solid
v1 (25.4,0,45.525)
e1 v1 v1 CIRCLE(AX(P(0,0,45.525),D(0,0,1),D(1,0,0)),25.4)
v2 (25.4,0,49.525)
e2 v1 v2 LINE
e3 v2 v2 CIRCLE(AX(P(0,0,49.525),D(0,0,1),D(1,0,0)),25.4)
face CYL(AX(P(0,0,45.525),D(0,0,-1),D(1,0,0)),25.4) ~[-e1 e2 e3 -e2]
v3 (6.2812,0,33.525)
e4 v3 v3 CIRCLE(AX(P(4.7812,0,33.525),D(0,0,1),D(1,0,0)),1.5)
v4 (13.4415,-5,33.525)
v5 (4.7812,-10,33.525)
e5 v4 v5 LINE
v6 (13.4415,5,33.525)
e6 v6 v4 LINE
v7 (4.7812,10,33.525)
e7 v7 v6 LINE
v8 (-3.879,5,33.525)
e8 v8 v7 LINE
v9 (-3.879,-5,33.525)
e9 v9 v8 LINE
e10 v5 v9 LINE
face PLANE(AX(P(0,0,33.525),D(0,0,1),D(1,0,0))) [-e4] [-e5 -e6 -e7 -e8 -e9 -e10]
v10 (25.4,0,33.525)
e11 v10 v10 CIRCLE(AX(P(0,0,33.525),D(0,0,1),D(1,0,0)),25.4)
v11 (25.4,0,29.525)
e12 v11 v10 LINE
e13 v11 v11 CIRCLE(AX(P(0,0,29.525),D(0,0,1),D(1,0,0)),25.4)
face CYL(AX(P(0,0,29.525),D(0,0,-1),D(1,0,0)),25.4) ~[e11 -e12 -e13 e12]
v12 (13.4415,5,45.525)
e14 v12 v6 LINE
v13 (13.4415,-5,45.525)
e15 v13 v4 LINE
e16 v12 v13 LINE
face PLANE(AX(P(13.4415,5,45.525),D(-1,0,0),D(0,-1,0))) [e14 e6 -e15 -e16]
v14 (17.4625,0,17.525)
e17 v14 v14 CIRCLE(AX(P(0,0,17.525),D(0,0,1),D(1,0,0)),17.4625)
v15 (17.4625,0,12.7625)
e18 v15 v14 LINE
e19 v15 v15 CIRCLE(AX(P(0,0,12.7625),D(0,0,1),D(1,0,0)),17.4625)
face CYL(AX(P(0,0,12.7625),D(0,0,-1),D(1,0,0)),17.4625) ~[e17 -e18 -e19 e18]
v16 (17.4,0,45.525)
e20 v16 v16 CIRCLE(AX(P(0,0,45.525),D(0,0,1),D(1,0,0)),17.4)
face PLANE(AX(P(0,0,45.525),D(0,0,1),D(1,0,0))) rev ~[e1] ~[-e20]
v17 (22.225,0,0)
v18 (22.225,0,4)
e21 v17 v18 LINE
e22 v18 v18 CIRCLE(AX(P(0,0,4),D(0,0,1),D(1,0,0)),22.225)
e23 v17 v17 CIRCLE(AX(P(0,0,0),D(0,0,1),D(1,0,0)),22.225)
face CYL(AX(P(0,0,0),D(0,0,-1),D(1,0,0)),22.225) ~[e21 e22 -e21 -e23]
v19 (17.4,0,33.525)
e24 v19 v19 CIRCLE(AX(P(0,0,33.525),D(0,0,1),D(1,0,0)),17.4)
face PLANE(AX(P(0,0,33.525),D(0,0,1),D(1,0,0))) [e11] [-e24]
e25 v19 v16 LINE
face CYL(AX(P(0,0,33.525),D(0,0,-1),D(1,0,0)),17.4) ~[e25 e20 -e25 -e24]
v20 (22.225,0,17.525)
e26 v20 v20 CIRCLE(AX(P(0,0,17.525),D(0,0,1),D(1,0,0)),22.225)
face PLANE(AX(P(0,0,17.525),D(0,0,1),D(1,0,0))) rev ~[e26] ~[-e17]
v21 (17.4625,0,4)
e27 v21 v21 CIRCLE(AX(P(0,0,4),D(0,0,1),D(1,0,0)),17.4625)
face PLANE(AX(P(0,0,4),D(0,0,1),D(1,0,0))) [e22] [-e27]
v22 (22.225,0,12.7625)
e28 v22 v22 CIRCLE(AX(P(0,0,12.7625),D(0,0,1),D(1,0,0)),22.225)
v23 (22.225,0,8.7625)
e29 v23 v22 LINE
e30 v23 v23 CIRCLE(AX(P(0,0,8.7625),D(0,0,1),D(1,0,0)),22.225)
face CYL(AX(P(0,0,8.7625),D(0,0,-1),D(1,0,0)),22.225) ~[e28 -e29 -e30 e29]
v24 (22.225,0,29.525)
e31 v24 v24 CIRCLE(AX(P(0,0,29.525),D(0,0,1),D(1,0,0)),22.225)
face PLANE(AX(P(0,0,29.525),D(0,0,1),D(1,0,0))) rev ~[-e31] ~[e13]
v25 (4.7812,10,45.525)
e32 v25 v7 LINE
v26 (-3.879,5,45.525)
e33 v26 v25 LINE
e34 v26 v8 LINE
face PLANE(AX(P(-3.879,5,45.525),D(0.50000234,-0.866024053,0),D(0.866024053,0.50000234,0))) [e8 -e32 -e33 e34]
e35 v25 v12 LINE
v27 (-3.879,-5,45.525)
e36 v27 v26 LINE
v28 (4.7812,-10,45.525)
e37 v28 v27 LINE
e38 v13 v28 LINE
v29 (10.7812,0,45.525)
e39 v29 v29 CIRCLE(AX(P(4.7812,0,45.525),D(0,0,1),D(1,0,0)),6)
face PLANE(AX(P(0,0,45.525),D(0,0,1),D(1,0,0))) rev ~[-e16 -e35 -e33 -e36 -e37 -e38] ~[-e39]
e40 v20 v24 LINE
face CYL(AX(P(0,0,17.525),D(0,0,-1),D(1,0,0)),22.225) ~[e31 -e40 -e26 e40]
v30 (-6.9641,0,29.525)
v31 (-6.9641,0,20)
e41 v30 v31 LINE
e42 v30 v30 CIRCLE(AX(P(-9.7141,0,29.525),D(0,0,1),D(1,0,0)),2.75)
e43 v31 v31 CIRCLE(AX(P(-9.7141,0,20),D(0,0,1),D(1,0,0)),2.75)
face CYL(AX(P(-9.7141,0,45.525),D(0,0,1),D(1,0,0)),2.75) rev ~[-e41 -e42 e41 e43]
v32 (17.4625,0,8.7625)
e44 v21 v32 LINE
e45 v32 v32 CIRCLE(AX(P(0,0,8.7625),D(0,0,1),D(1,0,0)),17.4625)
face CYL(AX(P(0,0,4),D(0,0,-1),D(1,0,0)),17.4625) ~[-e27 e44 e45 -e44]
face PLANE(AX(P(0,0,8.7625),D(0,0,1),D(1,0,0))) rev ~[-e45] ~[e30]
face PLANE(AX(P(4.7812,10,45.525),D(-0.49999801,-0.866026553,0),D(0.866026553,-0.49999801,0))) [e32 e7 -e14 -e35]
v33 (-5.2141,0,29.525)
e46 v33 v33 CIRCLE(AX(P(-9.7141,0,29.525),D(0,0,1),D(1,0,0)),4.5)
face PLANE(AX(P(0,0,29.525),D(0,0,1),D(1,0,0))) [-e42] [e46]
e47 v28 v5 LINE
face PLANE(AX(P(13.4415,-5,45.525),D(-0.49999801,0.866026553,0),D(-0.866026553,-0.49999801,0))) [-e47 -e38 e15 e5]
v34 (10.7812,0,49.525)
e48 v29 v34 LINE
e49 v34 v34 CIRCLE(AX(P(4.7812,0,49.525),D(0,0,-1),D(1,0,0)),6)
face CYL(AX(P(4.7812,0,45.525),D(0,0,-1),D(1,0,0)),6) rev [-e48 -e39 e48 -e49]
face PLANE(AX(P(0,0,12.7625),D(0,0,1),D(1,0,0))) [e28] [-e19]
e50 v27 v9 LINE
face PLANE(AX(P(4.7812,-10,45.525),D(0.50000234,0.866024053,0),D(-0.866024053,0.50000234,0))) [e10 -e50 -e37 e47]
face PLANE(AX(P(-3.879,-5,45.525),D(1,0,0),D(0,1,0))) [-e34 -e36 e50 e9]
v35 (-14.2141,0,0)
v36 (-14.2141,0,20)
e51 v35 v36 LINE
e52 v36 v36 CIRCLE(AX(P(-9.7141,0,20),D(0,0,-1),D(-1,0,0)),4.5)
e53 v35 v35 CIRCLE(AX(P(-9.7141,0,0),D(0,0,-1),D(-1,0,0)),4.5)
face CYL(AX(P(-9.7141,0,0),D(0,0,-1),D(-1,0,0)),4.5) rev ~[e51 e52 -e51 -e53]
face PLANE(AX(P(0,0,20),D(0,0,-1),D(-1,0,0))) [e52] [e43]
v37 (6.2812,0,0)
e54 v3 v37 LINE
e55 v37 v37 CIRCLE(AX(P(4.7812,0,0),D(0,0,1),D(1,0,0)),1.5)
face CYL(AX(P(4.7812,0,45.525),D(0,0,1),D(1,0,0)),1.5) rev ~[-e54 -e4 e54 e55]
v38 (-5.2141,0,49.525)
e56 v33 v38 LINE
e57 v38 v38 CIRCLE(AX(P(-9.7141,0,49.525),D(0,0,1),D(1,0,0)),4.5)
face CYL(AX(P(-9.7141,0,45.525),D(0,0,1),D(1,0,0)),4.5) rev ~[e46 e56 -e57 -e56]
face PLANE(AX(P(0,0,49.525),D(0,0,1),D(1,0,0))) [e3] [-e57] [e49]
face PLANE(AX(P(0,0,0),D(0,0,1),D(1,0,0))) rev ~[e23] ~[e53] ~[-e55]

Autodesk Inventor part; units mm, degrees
ref_plane "YZ Plane" through (0, 0, 0) normal (1, 0, 0) x (0, 1, 0)
ref_plane "XZ Plane" through (0, 0, 0) normal (0, 1, 0) x (-1, 0, 0)
ref_plane "XY Plane" through (0, 0, 0) normal (0, 0, 1) x (1, 0, 0)
sketch "Sketch2" plane through (0, 0, 0) normal (0, 0, 1) x (1, 0, 0)
  circle A0 centre (0, 0) radius 22.225
  dimension "d4" = 44.45
extrude "Extrusion2" add sketch "Sketch2" along normal blind 4
sketch "Sketch3" plane through (0, 0, 4) normal (0, 0, 1) x (1, 0, 0)
  circle A0 centre (0, 0) radius 22.225 projected
  circle A1 centre (0, 0) radius 17.4625
  dimension "d7" = 34.925
extrude "Extrusion3" add sketch "Sketch3" along normal blind 4.7625 contours A1
sketch "Sketch4" plane through (0, 0, 8.7625) normal (0, 0, 1) x (1, 0, 0)
  circle A0 centre (0, 0) radius 17.4625 projected
  circle A1 centre (0, 0) radius 22.225
  dimension "d10" = 44.45
extrude "Extrusion4" add sketch "Sketch4" along normal blind 4 contours A0 | A1
sketch "Sketch5" plane through (0, 0, 12.7625) normal (0, 0, 1) x (1, 0, 0)
  circle A0 centre (0, 0) radius 22.225 projected
  circle A1 centre (0, 0) radius 17.4625
  dimension "d13" = 34.925
extrude "Extrusion5" add sketch "Sketch5" along normal blind 4.7625 contours A1
sketch "Sketch6" plane through (0, 0, 17.525) normal (0, 0, 1) x (1, 0, 0)
  circle A0 centre (0, 0) radius 17.4625 projected
  circle A1 centre (0, 0) radius 22.225
  dimension "d16" = 44.45
extrude "Extrusion6" add sketch "Sketch6" along normal blind 12 contours A0 | A1
sketch "Sketch7" plane through (0, 0, 29.525) normal (0, 0, 1) x (1, 0, 0)
  circle A0 centre (0, 0) radius 22.225 projected
  circle A1 centre (0, 0) radius 25.4
  dimension "d19" = 50.8
extrude "Extrusion7" add sketch "Sketch7" along normal blind 4 contours A0 | A1
sketch "Sketch8" plane through (0, 0, 33.525) normal (0, 0, 1) x (1, 0, 0)
  circle A0 centre (0, 0) radius 25.4 projected
  circle A1 centre (0, 0) radius 17.4
  dimension "d22" = 34.8
extrude "Extrusion8" add sketch "Sketch8" along normal blind 12 contours A1
sketch "Sketch Main" plane through (0, 0, 45.525) normal (0, 0, 1) x (1, 0, 0)
  circle A0 centre (0, 0) radius 17.4 projected
  circle A1 centre (0, 0) radius 25.4
  line L0 (-17.4, 0) -> (17.4, 0) construction
  circle A2 centre (-9.7141, 0) radius 2.75
  circle A3 centre (-9.7141, 0) radius 4.5
  circle A4 centre (4.7812, 0) radius 6
  circle A5 centre (4.7812, 0) radius 9 construction
  circle A6 centre (4.7812, 0) radius 10 construction
  line L1 (13.4415, 5) -> (13.4415, -5)
  line L2 (13.4415, -5) -> (4.7812, -10)
  line L3 (4.7812, -10) -> (-3.879, -5)
  line L4 (-3.879, -5) -> (-3.879, 5)
  line L5 (-3.879, 5) -> (4.7812, 10)
  line L6 (4.7812, 10) -> (13.4415, 5)
  circle A7 centre (4.7812, 0) radius 1.5
  dimension "d51" = 20
  dimension "d25" = 50.8
  dimension "d39" = 5.5
  dimension "d40" = 9
  dimension "d41" = 12
  dimension "d42" = 18
  dimension "d56" = 3
extrude "Extrusion9" add sketch "Sketch Main" along normal blind 4 contours A0 | A1 | A2 | A3 | A4 | L1 L2 L3 L4 L5 L6 | A7
extrude "Extrusion13" cut sketch "Sketch Main" along normal blind 4 and the other way blind 16 contours A2 | A3
extrude "Extrusion14" cut sketch "Sketch Main" against normal through all contours A2
extrude "Extrusion15" cut sketch "Sketch Main" against normal blind 12 contours A4 | L1 L2 L3 L4 L5 L6 | A7
extrude "Extrusion16" cut sketch "Sketch Main" along normal through all contours A4 | A7
extrude "Extrusion17" cut sketch "Sketch Main" against normal through all contours A7
sketch "Sketch11" plane through (0, 0, 0) normal (0, 0, -1) x (-1, 0, 0)
  circle A0 centre (9.7141, 0) radius 2.75 projected
  circle A1 centre (9.7141, 0) radius 4.5
  dimension "d59" = 9
extrude "Extrusion18" cut sketch "Sketch11" against normal blind 20 contours A0 | A1
properties part number "battery_cap"
